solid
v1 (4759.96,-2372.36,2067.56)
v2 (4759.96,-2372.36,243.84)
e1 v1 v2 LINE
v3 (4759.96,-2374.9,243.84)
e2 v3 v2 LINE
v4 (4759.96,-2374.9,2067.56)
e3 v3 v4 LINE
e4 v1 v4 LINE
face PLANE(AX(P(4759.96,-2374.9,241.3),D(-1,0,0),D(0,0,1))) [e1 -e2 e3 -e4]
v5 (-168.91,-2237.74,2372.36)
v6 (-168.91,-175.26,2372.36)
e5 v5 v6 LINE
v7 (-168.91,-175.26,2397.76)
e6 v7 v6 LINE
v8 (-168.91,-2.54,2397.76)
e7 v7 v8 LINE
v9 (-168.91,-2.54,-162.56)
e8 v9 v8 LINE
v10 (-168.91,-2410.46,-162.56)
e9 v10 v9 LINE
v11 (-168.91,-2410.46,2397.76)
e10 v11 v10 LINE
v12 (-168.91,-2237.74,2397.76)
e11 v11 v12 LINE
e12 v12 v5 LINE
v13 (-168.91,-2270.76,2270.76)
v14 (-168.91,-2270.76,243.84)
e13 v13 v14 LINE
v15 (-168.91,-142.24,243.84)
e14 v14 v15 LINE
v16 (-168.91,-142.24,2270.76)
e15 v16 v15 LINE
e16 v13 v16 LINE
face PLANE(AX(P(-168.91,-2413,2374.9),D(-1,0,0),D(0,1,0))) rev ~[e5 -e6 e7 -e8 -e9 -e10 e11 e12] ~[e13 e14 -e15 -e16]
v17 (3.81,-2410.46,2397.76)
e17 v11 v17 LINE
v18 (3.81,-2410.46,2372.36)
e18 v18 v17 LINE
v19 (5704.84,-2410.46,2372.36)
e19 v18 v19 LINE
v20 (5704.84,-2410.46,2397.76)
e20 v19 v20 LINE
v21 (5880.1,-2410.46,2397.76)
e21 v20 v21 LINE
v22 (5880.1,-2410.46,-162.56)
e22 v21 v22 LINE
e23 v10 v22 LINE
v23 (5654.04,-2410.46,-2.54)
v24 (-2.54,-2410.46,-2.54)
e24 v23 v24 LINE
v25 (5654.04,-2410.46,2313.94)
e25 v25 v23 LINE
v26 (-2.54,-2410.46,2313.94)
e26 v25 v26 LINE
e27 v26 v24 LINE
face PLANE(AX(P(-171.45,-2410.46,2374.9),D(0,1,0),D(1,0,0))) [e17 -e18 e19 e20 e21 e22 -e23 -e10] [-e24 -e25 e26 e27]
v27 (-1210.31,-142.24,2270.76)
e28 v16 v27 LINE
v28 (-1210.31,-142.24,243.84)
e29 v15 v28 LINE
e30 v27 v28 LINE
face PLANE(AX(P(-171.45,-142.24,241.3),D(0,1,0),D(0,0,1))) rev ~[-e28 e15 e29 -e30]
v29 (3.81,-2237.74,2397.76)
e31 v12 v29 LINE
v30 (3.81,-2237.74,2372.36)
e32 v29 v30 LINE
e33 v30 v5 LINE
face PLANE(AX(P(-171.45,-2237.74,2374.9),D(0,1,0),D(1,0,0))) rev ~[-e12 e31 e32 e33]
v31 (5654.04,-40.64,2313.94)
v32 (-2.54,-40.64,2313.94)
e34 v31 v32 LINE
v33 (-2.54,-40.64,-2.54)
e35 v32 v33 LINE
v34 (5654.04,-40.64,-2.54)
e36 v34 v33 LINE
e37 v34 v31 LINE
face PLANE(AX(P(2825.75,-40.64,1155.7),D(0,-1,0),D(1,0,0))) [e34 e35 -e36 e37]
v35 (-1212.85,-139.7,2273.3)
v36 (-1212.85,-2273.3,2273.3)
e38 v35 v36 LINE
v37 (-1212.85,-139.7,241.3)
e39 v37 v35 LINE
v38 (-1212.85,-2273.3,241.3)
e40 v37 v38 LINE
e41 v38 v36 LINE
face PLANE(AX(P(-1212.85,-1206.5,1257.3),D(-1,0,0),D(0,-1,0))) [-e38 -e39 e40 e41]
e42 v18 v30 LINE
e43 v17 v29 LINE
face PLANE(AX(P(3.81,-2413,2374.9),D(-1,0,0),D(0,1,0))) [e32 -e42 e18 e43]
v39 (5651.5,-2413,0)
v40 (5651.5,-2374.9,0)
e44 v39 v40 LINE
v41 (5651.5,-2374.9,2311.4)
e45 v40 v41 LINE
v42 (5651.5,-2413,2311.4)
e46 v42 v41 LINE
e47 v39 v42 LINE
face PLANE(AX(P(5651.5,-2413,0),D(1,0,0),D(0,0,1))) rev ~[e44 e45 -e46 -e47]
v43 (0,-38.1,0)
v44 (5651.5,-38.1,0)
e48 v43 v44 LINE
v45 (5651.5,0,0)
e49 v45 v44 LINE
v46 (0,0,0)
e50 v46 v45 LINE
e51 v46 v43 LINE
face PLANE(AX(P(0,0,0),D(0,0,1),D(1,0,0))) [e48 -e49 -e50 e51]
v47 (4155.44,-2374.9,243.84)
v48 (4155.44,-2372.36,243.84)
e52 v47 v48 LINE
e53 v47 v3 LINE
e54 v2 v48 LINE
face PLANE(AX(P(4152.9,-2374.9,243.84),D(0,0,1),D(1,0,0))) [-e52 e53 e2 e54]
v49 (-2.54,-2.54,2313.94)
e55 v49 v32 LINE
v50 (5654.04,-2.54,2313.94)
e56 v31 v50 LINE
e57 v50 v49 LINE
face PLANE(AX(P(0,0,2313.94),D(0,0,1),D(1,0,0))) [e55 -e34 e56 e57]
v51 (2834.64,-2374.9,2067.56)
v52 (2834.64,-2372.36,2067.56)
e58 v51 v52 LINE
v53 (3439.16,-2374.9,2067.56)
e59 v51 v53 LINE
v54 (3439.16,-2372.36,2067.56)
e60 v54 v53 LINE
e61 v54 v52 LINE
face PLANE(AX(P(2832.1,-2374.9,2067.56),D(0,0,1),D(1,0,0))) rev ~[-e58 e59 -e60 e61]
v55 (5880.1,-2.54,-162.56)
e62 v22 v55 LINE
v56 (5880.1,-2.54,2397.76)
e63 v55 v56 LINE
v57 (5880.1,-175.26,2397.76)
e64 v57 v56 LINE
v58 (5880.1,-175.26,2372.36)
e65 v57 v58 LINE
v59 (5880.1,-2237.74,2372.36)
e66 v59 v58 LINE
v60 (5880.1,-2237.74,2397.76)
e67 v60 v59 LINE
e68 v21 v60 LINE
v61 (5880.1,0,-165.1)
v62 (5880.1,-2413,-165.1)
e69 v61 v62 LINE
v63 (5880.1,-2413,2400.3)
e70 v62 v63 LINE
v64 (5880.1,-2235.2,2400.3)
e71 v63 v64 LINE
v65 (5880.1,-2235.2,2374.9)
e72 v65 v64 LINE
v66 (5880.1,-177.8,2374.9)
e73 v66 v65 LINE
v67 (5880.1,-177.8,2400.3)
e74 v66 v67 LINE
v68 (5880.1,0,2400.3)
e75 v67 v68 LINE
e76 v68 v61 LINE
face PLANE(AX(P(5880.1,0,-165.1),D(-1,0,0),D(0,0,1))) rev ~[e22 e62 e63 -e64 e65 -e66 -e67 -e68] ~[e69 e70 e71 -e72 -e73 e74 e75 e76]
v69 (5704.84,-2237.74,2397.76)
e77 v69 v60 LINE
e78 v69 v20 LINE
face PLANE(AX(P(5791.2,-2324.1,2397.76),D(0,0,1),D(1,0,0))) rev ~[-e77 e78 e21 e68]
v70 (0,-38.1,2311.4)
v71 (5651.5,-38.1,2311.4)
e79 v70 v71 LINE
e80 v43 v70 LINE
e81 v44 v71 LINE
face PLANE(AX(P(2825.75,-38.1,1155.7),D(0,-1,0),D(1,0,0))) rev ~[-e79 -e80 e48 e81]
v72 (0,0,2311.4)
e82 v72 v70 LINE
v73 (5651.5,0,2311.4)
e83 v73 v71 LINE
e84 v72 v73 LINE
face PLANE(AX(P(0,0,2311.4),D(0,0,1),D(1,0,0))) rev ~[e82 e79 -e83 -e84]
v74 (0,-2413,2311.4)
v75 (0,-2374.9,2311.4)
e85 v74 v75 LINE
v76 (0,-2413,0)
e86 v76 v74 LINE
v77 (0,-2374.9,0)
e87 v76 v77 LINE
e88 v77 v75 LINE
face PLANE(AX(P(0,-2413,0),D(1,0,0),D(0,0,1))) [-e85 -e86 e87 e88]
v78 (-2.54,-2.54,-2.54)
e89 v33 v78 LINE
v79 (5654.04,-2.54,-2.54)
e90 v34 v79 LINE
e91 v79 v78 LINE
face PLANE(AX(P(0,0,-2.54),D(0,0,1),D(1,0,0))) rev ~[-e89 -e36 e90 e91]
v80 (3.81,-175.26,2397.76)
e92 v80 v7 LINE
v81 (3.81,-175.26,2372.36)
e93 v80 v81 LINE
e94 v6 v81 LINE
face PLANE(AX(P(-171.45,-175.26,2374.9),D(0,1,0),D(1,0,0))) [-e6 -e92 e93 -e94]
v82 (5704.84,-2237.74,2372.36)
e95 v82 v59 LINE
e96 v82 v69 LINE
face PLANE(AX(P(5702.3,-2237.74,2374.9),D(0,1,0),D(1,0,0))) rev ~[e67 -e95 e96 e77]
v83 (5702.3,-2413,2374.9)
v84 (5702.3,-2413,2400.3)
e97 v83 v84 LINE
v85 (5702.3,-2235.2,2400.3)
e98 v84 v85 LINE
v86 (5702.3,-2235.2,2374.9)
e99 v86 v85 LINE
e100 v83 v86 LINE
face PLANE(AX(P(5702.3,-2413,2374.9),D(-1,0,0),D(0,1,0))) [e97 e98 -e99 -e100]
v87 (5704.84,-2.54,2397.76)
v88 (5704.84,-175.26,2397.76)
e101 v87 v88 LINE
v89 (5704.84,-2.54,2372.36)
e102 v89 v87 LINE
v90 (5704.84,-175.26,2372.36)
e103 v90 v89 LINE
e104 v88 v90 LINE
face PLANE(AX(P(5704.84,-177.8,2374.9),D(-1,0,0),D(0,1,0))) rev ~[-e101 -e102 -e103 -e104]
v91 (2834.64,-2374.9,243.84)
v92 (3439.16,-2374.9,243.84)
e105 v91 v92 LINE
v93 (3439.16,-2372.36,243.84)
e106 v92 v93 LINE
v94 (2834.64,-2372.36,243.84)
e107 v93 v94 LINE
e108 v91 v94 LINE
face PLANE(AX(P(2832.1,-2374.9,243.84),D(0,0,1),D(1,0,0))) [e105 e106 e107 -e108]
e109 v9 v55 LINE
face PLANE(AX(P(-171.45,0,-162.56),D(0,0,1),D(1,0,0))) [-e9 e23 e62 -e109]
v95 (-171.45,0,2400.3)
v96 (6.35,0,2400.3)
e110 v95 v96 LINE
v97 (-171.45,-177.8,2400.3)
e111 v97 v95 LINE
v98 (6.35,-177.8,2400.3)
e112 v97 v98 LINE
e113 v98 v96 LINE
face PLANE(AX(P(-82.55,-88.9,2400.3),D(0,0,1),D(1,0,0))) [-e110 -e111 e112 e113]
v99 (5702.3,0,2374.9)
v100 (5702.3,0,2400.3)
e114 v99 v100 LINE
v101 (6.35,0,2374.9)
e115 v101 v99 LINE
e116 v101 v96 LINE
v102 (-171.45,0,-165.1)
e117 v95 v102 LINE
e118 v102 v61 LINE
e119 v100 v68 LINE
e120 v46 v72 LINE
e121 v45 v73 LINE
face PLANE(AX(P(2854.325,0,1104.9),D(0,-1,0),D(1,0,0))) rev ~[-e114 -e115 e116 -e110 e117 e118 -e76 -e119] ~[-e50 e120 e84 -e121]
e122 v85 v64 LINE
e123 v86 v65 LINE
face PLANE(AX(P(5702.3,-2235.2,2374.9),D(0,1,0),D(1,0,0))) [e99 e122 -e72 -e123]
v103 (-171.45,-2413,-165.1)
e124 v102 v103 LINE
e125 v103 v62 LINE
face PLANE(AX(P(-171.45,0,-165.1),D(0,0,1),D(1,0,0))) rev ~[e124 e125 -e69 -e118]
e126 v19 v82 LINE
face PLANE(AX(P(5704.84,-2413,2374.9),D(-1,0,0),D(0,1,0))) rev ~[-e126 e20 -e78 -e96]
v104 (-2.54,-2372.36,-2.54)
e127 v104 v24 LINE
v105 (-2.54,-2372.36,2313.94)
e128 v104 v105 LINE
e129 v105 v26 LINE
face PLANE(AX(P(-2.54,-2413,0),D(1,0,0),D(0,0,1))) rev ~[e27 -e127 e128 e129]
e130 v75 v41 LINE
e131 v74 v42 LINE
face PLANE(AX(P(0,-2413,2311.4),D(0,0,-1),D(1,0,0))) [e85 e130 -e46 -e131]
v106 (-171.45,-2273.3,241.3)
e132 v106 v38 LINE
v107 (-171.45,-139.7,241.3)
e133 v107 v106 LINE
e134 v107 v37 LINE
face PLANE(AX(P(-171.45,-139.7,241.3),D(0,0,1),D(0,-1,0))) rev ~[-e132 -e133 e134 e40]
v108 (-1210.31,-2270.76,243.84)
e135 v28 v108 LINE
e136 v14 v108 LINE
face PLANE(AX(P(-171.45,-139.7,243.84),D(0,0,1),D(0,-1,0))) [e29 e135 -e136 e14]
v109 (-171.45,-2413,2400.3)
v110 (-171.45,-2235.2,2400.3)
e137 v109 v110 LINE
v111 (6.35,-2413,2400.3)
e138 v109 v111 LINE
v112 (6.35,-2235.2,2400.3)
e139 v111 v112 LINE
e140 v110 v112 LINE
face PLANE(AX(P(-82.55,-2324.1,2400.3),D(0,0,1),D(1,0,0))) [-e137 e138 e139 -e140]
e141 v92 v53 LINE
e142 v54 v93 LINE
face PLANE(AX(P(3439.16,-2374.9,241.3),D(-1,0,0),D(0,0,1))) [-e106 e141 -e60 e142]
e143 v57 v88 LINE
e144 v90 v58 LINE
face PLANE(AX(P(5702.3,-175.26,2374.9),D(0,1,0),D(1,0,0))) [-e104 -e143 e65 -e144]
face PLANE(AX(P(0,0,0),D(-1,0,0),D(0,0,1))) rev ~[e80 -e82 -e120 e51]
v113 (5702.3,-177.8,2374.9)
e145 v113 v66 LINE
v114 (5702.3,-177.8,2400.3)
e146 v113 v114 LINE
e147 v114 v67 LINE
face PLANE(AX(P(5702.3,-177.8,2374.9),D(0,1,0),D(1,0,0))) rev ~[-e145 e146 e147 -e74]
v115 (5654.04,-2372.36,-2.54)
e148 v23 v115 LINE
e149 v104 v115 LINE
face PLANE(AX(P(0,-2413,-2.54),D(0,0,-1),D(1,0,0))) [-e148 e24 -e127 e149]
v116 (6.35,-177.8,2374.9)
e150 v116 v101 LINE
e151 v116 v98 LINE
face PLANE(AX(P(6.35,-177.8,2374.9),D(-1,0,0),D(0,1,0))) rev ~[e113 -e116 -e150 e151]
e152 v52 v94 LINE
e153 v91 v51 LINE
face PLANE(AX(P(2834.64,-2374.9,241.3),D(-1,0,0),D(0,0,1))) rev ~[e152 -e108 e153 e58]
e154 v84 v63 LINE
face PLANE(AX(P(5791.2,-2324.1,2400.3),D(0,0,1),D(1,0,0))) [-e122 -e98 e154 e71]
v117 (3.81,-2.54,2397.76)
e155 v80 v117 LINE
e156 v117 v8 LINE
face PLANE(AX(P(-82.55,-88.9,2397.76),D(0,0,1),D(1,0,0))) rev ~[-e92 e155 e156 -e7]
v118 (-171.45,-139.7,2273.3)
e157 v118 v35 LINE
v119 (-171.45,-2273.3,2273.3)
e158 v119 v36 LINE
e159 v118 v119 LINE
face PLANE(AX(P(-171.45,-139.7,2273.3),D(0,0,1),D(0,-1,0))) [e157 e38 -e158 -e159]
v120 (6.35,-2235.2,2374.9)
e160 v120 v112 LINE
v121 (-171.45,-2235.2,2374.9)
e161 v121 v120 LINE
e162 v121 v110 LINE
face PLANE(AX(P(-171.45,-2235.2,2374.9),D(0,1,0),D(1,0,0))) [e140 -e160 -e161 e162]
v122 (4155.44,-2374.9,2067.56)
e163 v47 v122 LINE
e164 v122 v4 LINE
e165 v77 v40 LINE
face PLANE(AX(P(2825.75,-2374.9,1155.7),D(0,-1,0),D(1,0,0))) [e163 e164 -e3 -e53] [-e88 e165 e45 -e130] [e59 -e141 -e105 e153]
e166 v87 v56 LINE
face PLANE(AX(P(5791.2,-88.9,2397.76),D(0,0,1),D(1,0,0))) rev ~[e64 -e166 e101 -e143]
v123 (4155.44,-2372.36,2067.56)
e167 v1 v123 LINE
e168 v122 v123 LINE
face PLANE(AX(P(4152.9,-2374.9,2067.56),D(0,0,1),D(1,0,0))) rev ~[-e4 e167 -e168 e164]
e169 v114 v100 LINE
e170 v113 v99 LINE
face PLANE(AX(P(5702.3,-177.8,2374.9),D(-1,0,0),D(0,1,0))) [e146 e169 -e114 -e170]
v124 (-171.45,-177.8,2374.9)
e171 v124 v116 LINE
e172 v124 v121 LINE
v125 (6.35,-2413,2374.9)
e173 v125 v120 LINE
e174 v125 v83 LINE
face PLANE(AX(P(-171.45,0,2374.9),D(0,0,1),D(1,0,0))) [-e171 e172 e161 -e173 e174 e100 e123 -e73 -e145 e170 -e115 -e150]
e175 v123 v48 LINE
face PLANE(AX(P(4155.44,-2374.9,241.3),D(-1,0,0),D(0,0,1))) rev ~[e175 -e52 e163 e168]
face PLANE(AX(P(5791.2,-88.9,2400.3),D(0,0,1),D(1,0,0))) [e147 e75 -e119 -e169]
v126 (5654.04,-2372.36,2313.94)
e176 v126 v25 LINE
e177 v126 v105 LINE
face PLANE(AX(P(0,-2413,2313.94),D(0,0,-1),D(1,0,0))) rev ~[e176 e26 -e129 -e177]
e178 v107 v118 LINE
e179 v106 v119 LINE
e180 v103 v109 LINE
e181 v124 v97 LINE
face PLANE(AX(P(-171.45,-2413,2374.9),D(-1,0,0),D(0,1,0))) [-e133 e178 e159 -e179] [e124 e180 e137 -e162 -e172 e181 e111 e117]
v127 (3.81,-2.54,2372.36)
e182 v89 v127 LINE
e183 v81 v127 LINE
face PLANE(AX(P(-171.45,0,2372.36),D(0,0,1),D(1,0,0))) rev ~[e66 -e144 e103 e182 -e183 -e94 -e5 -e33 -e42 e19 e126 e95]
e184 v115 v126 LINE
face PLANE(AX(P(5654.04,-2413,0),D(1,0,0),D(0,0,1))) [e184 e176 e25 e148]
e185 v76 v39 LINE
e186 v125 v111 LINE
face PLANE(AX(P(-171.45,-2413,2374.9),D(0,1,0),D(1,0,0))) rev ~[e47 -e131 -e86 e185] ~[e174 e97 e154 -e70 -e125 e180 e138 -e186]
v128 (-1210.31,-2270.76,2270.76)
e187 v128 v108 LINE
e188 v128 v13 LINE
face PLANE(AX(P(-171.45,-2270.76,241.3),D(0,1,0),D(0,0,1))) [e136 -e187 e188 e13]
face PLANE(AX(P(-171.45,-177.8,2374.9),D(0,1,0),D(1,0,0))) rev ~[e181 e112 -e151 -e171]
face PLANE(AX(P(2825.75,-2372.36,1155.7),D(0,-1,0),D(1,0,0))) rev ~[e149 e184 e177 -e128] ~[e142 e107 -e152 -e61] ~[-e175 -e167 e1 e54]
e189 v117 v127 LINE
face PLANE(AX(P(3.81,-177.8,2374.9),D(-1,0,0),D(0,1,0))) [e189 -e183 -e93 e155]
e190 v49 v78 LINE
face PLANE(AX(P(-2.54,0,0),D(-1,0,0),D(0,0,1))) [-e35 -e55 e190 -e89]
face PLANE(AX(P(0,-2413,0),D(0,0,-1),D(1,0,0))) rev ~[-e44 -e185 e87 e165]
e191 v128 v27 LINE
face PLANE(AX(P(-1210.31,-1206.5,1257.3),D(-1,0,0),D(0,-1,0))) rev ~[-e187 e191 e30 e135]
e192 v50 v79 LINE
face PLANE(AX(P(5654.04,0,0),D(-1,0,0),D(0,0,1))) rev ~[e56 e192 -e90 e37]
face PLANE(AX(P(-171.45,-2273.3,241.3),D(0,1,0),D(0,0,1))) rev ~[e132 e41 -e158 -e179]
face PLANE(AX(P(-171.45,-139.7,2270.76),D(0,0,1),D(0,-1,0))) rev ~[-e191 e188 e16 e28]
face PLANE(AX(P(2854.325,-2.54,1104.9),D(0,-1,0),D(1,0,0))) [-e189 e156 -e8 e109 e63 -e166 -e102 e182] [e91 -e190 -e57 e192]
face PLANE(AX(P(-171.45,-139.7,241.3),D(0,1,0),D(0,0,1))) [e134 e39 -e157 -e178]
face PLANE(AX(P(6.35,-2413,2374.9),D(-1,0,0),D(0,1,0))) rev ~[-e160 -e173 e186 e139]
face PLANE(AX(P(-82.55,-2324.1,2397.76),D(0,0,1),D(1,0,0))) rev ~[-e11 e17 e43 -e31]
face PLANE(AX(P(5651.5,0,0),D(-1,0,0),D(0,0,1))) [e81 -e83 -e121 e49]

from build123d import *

# Parameters (mm, degrees)
F0_W      = 6051.55
F0_H      = 2540
F1_DEPTH  = 2413
F2_W      = 5651.5
F2_H      = 2311.4
F3_DEPTH  = 38.1
F4_W      = 5651.5
F4_H      = 2311.4
F5_DEPTH  = 38.1
F6_W      = 609.6
F6_H      = 1828.8
F7_DEPTH  = 25.4
F8_W      = 2133.6
F8_H      = 2032
F9_DEPTH  = 1041.4
F10_W     = 177.8
F10_H     = 177.8
F11_DEPTH = 25.4
F13_T     = -2.54
F14_DEPTH = 25.4
F15_DEPTH = 25.4


with BuildPart() as f1:
    # F0 (on Front) → F1 (new body)
    with BuildSketch(Plane.XZ):
        with Locations((2854.325, 1104.9)):
            Rectangle(F0_W, F0_H)
    extrude(amount=F1_DEPTH)

    # F2 (on face) → F3 (cut)
    with BuildSketch(Plane.XZ.offset(2413)):
        with Locations((2825.75, 1155.7)):
            Rectangle(F2_W, F2_H)
    extrude(amount=-F3_DEPTH, mode=Mode.SUBTRACT)

    # F4 (on face) → F5 (cut)
    with BuildSketch(Plane.XZ):
        with Locations((2825.75, 1155.7)):
            Rectangle(F4_W, F4_H)
    extrude(amount=F5_DEPTH, mode=Mode.SUBTRACT)

    # F6 (on face) → F7 (join)
    with BuildSketch(Plane.XZ.offset(2374.9)):
        with Locations((3136.9, 1155.7)):
            Rectangle(F6_W, F6_H)
        with Locations((4457.7, 1155.7)):
            Rectangle(F6_W, F6_H)
    extrude(amount=F7_DEPTH)

    # F8 (on face) → F9 (join)
    with BuildSketch(Plane(origin=(-171.45, 0, 0), x_dir=(0, -1, 0), z_dir=(-1, 0, 0))):
        with Locations((1206.5, 1257.3)):
            Rectangle(F8_W, F8_H)
    extrude(amount=F9_DEPTH)

    # F10 (on face) → F11 (join)
    with BuildSketch(Plane.XY.offset(2374.9)):
        with Locations((-82.55, -2324.1)):
            Rectangle(F10_W, F10_H)
        with Locations((-82.55, -88.9)):
            Rectangle(F10_W, F10_H)
        with Locations((5791.2, -88.9)):
            Rectangle(F10_W, F10_H)
        with Locations((5791.2, -2324.1)):
            Rectangle(F10_W, F10_H)
    extrude(amount=F11_DEPTH)

    # F13
    f13_openings = [f1.faces().sort_by_distance(p)[0] for p in [
        (5880.1, -1206.5, 1106.787513),
    ]]
    offset(amount=F13_T, openings=f13_openings, kind=Kind.INTERSECTION)

    # F14 (cut): a face of the model
    f14_faces = [f1.faces().sort_by_distance(p)[0] for p in [
        (3136.9, -2400.3, 1155.7),
    ]]
    extrude(f14_faces, amount=-F14_DEPTH, mode=Mode.SUBTRACT)

    # F15 (cut): a face of the model
    f15_faces = [f1.faces().sort_by_distance(p)[0] for p in [
        (4457.7, -2400.3, 1155.7),
    ]]
    extrude(f15_faces, amount=-F15_DEPTH, mode=Mode.SUBTRACT)


solid = f1.part
